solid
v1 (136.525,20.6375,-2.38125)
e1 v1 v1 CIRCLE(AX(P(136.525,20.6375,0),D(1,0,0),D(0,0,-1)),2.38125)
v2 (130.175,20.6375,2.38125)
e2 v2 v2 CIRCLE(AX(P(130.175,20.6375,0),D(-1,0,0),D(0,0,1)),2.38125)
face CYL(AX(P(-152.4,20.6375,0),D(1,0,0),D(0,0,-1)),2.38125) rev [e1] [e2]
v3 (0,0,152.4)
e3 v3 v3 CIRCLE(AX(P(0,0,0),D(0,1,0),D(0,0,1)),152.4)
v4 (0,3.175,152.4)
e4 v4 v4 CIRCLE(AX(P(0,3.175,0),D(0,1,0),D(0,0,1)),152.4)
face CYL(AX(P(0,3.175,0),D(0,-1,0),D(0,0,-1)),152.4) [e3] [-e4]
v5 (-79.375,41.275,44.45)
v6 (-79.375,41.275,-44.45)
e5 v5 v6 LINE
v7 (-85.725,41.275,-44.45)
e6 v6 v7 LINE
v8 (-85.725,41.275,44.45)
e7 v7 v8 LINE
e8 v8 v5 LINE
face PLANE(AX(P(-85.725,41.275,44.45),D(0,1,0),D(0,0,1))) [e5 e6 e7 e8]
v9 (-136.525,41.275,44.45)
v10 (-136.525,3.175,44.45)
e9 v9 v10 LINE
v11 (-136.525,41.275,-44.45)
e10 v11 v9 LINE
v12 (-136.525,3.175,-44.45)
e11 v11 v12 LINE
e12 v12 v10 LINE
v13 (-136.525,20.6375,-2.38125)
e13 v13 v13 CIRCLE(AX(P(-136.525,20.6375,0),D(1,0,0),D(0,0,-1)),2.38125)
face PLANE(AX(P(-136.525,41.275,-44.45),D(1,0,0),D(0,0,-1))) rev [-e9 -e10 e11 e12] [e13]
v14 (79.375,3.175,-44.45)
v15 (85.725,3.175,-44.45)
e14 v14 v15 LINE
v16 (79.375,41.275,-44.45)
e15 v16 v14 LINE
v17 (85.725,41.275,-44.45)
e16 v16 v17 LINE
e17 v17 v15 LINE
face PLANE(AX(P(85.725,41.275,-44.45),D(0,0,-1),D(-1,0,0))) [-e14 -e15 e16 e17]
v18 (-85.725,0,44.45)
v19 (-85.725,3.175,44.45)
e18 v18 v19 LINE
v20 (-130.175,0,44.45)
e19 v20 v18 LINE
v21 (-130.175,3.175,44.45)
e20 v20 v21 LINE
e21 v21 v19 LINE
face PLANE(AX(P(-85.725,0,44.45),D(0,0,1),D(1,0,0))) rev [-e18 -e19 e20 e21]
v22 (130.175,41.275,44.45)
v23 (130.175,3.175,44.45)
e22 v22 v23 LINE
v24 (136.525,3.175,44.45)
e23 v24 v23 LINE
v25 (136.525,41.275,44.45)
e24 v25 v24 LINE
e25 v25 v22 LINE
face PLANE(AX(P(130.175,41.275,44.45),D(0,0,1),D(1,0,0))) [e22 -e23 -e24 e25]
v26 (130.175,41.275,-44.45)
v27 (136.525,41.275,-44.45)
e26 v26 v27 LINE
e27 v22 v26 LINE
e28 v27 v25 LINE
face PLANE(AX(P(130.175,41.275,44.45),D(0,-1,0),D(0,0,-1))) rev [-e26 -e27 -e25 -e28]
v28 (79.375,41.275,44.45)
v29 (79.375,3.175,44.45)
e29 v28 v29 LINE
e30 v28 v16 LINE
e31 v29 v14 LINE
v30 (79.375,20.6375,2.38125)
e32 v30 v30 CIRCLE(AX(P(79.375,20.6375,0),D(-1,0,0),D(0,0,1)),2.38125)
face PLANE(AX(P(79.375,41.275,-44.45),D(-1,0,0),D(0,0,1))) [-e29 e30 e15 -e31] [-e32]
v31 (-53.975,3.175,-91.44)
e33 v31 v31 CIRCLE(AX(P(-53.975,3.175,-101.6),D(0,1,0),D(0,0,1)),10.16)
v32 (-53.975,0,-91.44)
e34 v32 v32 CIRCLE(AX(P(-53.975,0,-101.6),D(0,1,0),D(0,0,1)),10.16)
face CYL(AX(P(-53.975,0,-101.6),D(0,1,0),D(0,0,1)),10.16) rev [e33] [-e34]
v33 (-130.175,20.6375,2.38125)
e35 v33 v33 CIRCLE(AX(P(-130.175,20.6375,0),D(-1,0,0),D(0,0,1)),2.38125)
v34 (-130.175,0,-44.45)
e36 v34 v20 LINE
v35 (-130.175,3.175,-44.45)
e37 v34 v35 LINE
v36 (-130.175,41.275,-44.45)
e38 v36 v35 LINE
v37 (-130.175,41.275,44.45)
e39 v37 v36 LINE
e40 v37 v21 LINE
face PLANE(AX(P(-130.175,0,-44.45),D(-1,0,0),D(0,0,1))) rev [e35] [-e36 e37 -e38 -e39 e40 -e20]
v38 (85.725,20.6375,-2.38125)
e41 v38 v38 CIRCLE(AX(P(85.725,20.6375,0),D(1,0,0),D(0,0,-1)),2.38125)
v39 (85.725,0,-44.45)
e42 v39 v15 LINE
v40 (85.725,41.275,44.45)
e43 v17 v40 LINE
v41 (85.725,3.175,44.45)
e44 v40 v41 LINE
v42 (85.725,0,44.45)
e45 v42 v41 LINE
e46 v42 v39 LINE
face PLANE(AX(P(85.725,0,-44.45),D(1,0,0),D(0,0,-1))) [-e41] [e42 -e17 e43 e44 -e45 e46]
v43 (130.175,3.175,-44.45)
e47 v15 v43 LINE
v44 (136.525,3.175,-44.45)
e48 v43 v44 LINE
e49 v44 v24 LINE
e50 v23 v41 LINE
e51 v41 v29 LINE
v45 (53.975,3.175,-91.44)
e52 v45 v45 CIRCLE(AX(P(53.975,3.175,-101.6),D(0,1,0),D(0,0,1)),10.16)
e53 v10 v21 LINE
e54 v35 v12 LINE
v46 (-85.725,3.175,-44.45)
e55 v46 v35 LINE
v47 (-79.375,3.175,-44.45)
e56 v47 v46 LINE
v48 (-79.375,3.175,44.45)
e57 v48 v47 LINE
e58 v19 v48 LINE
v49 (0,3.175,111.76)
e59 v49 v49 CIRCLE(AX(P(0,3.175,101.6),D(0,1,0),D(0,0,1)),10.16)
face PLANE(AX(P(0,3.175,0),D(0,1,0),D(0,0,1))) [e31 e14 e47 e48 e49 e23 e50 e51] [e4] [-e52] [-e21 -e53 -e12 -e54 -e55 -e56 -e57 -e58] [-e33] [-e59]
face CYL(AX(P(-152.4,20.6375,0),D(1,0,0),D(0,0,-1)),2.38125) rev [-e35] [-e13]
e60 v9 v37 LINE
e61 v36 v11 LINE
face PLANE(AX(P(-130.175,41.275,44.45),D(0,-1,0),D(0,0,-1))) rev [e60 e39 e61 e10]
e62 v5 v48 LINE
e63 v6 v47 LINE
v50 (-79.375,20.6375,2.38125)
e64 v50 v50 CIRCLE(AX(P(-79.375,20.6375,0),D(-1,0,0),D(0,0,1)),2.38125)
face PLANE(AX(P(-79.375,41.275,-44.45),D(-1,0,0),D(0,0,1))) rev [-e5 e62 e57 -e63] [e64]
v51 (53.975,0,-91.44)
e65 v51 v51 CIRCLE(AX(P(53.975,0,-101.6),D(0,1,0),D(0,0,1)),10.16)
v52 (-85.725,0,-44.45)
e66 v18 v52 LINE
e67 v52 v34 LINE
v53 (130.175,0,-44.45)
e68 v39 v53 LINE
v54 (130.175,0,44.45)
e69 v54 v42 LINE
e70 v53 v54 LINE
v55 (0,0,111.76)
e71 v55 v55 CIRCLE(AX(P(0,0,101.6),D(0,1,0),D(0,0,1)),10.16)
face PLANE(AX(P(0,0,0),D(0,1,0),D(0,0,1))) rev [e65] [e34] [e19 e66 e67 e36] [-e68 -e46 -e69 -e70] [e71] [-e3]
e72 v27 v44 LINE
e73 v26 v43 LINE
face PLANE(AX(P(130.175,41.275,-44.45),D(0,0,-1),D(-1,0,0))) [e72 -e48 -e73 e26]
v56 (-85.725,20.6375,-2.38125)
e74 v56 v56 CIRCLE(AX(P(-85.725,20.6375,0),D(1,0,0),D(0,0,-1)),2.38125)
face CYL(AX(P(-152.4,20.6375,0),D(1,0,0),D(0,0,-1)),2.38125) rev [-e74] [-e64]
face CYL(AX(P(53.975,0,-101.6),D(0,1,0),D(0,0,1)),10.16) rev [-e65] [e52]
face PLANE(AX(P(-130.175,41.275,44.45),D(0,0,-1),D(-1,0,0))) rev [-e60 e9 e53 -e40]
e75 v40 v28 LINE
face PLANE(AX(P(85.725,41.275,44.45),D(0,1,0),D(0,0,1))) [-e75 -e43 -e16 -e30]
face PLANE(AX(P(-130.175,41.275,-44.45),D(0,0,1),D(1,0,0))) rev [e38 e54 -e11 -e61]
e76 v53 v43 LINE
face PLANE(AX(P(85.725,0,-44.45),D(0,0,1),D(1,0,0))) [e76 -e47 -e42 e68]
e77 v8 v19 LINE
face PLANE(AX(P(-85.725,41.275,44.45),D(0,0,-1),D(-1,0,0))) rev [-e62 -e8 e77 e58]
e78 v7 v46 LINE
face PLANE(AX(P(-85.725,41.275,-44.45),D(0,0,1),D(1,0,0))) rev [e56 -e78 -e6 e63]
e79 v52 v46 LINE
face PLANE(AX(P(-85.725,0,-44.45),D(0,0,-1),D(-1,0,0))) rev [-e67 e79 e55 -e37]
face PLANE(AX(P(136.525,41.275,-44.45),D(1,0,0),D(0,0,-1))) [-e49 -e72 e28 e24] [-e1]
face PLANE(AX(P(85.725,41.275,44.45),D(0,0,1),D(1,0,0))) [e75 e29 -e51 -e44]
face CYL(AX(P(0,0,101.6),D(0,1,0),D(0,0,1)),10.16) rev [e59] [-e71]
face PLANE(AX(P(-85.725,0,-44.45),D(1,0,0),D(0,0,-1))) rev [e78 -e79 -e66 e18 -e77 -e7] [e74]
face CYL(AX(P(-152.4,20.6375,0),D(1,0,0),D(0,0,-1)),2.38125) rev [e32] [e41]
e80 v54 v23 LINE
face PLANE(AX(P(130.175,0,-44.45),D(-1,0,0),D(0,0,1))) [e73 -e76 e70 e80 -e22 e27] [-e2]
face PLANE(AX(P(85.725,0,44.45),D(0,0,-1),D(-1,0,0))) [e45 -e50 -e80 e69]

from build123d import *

# Parameters (mm, degrees)
SKETCH1_R           = 152.4
BOSS_EXTRUDE1_DEPTH = 3.175
SKETCH2_W           = 44.45
SKETCH2_H           = 88.9
CUT_EXTRUDE1_DEPTH  = 4.175
SKETCH3_W           = 6.35
SKETCH3_H           = 88.9
BOSS_EXTRUDE2_DEPTH = 38.1
SKETCH4_R           = 2.38125
CUT_EXTRUDE2_DEPTH  = 289.925
SKETCH5_R           = 10.16
CUT_EXTRUDE3_DEPTH  = 4.175


with BuildPart() as part:
    # Sketch1 → Boss-Extrude1 (new body)
    with BuildSketch(Plane(origin=(0, 0, 0), x_dir=(1, 0, 0), z_dir=(0, 1, 0))):
        Circle(SKETCH1_R)
    extrude(amount=BOSS_EXTRUDE1_DEPTH)

    # Sketch2 → Cut-Extrude1 (cut, through all)
    with BuildSketch(Plane(origin=(0, 3.175, 0), x_dir=(1, 0, 0), z_dir=(0, 1, 0))):
        with Locations((-107.95, 0)):
            Rectangle(SKETCH2_W, SKETCH2_H)
    cut_extrude1 = extrude(amount=-CUT_EXTRUDE1_DEPTH, mode=Mode.SUBTRACT)

    # Sketch3 → Boss-Extrude2 (add)
    with BuildSketch(Plane(origin=(0, 3.175, 0), x_dir=(1, 0, 0), z_dir=(0, 1, 0))):
        with Locations((-133.35, 0)):
            Rectangle(SKETCH3_W, SKETCH3_H)
        with Locations((-82.55, 0)):
            Rectangle(SKETCH3_W, SKETCH3_H)
    boss_extrude2 = extrude(amount=BOSS_EXTRUDE2_DEPTH)

    # Mirror1: Cut-Extrude1, Boss-Extrude2 across plane
    add(cut_extrude1.mirror(Plane(origin=(0, 0, 0), x_dir=(0, 0, 1), z_dir=(1, 0, 0))), mode=Mode.SUBTRACT)
    add(boss_extrude2.mirror(Plane(origin=(0, 0, 0), x_dir=(0, 0, 1), z_dir=(1, 0, 0))))

    # Sketch4 → Cut-Extrude2 (cut, through all)
    with BuildSketch(Plane(origin=(136.525, 0, 0), x_dir=(0, 0, -1), z_dir=(1, 0, 0))):
        with Locations((0, 20.6375)):
            Circle(SKETCH4_R)
    extrude(amount=-CUT_EXTRUDE2_DEPTH, mode=Mode.SUBTRACT)

    # Sketch5 → Cut-Extrude3 (cut, through all)
    with BuildSketch(Plane(origin=(0, 3.175, 0), x_dir=(1, 0, 0), z_dir=(0, 1, 0))):
        with Locations((0, -101.6)):
            Circle(SKETCH5_R)
        with Locations((-53.975, 101.6)):
            Circle(SKETCH5_R)
        with Locations((53.975, 101.6)):
            Circle(SKETCH5_R)
    extrude(amount=-CUT_EXTRUDE3_DEPTH, mode=Mode.SUBTRACT)


solid = part.part
